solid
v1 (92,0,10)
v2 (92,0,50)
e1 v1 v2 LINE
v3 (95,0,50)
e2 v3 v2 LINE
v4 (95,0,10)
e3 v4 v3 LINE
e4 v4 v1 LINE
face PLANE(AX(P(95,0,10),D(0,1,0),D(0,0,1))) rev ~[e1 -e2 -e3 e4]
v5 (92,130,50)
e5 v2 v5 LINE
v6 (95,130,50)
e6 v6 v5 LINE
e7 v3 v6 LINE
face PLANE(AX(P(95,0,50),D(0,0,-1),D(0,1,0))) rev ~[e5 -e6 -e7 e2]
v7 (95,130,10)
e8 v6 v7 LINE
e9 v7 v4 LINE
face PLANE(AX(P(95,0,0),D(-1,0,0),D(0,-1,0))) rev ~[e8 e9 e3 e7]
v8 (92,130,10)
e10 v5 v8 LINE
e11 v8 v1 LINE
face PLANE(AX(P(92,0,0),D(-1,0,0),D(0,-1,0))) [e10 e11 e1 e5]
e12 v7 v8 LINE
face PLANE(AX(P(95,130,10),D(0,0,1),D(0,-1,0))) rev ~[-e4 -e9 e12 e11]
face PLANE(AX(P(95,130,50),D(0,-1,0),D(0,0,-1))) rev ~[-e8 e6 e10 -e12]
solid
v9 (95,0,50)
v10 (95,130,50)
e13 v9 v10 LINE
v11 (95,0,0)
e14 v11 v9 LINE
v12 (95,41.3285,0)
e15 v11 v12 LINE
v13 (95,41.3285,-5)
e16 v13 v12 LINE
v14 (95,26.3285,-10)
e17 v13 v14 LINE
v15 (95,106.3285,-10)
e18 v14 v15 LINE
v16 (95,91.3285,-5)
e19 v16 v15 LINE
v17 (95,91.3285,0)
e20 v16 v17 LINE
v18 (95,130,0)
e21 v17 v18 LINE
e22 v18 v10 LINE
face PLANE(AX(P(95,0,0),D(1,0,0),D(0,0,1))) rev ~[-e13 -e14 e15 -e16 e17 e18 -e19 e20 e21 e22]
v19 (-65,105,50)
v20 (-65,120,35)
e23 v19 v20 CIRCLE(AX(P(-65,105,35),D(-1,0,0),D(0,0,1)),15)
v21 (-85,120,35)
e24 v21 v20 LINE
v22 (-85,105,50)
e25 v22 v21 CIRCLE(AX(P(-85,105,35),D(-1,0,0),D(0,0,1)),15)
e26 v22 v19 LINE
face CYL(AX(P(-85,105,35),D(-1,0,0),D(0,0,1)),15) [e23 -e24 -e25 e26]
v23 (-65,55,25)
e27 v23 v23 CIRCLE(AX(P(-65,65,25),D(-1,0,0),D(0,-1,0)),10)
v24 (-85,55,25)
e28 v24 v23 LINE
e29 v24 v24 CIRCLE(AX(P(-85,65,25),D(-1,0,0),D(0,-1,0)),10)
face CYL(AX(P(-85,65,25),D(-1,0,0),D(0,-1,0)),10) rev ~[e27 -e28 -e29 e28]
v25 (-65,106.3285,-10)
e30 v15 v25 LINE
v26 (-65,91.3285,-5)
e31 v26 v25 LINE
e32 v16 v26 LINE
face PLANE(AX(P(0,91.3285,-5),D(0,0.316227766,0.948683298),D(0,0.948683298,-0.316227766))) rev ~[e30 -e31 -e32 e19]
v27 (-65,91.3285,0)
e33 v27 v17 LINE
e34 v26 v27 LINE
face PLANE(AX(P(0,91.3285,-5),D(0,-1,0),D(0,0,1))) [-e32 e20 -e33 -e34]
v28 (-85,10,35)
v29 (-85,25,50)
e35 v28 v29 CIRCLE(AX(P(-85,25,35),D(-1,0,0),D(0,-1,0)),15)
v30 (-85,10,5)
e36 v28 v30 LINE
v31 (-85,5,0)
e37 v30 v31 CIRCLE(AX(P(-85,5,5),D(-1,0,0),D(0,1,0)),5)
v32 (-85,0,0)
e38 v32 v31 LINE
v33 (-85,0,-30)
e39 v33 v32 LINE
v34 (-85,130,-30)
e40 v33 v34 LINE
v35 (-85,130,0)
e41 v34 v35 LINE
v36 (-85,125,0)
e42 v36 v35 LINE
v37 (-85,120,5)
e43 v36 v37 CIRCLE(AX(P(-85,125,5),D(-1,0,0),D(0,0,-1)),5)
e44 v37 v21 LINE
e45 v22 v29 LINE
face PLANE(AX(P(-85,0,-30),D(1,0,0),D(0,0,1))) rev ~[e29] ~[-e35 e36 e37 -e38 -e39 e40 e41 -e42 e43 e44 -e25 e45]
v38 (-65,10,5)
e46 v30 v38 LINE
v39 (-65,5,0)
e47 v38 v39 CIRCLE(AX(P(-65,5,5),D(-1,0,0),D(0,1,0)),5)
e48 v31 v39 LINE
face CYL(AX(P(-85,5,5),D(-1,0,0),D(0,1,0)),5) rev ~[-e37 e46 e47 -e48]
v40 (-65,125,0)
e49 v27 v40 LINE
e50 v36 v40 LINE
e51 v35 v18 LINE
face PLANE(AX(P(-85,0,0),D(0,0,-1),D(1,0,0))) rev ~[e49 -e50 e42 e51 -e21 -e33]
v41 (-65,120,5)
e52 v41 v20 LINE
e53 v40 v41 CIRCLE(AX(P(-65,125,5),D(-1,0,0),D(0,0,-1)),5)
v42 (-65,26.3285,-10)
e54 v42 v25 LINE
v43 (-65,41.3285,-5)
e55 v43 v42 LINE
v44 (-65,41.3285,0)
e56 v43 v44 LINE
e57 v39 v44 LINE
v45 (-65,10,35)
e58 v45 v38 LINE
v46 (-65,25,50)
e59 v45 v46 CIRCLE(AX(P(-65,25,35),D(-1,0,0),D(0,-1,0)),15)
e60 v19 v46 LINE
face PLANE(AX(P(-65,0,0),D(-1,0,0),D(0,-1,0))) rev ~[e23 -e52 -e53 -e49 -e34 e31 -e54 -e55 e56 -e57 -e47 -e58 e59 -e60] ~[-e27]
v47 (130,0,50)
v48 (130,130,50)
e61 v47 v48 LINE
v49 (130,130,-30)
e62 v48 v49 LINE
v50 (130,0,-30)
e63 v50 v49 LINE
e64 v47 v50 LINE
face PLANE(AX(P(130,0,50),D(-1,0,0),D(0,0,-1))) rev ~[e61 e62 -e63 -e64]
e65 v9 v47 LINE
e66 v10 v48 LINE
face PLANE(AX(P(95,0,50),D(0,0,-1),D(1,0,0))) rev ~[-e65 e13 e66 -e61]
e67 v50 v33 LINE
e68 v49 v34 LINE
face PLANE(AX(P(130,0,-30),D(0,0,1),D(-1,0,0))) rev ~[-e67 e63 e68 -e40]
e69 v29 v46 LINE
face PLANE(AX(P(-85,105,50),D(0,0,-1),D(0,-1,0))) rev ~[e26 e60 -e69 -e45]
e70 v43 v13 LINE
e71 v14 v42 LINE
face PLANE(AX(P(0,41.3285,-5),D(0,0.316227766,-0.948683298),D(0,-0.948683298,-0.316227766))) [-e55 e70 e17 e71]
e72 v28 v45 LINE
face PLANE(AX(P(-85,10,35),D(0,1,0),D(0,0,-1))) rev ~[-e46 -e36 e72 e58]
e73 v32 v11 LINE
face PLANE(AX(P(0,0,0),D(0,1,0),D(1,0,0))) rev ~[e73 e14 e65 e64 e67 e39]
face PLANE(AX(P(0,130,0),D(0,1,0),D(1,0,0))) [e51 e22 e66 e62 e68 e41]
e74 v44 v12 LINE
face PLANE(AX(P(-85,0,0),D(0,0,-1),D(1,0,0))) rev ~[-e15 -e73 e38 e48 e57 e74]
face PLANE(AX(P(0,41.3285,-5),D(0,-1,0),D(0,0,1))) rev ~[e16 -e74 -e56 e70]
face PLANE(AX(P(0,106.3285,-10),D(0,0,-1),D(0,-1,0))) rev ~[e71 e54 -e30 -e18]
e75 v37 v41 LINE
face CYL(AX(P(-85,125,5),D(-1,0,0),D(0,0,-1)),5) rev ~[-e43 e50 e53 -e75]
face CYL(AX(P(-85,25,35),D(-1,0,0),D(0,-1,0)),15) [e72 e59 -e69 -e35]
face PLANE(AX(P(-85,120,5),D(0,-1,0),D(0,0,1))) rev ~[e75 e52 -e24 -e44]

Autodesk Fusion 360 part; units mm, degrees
sketch "Sketch1" plane through (0, 0, 0) normal (0, 1, 0) x (1, 0, 0)
  line L0 (-85, 0) -> (95, 0)
  line L1 (95, 0) -> (95, -50)
  line L2 (95, -50) -> (130, -50)
  line L3 (130, -50) -> (130, 30)
  line L4 (130, 30) -> (-85, 30)
  line L5 (-85, 30) -> (-85, 0)
  dimension "d1" = 80
  dimension "d2" = 215
  dimension "d3" = 30
  dimension "d4" = 50
  dimension "d5" = 35
extrude "Extrude1" add sketch "Sketch1" along normal blind 130 makes body 1
sketch "Sketch2" plane through (-85, 0, 0) normal (-1, 0, 0) x (0, -1, 0)
  line L0 (0, -30) -> (0, 0)
  line L1 (0, 0) -> (-130, 0)
  line L2 (-130, 0) -> (-130, -30)
  line L3 (-130, -30) -> (0, -30)
  line L4 (-120, 5) -> (-120, 35)
  line L5 (-105, 50) -> (-25, 50)
  line L6 (-10, 35) -> (-10, 5)
  line L7 (-130, 0) -> (-130, 50)
  line L8 (0, 0) -> (0, 50)
  arc A0 (-105, 50) -> (-120, 35) centre (-105, 35) ccw
  line L9 (-130, 0) -> (-125, 0)
  arc A1 (-125, 0) -> (-120, 5) centre (-125, 5) ccw
  arc A2 (-10, 35) -> (-25, 50) centre (-25, 35) ccw
  line L10 (0, 0) -> (-5, 0)
  arc A3 (-10, 5) -> (-5, 0) centre (-5, 5) ccw
  circle A4 centre (-65, 25) radius 10
  dimension "d8" = 10
  dimension "d9" = 10
  dimension "d10" = 15
  dimension "d11" = 5
  dimension "d12" = 15
  dimension "d13" = 5
  dimension "d14" = 20
  dimension "d15" = 25
  dimension "d16" = 65
extrude "Extrude2" add sketch "Sketch2" against normal blind 20 contours L1 L4 L5 L6 A0 A1 A2 A3 bodies 1
sketch "Sketch3" plane through (0, 0, 0) normal (1, 0, 0) x (0, 1, 0)
  line L0 (130, 0) -> (0, 0)
  line L1 (66.3285, 25) -> (66.3285, -32.6161) construction
  line L2 (41.3285, -5) -> (26.3285, -10)
  line L3 (26.3285, -10) -> (66.3285, -10)
  line L4 (41.3285, -5) -> (41.3285, 0)
  line L5 (91.3285, -5) -> (91.3285, 0)
  line L6 (91.3285, -5) -> (106.3285, -10)
  line L7 (106.3285, -10) -> (66.3285, -10)
  line L8 (41.3285, 0) -> (91.3285, 0)
  dimension "d19" = 5
  dimension "d20" = 40
  dimension "d21" = 25
  dimension "d26" = 130
  dimension "d27" = 10
extrude "Extrude3" cut sketch "Sketch3" along normal blind 95 and the other way blind 65 bodies 1
sketch "Sketch4" plane through (95, 0, 0) normal (-1, 0, 0) x (0, -1, 0)
  line L0 (0, 0) -> (0, 50)
  line L1 (0, 50) -> (-130, 50)
  line L2 (-130, 50) -> (-130, 0)
  line L3 (-130, 0) -> (-91.3285, 0)
  line L4 (-91.3285, 0) -> (-91.3285, -5)
  line L5 (-91.3285, -5) -> (-106.3285, -10)
  line L6 (-106.3285, -10) -> (-26.3285, -10)
  line L7 (-26.3285, -10) -> (-41.3285, -5)
  line L8 (-41.3285, -5) -> (-41.3285, 0)
  line L9 (-41.3285, 0) -> (0, 0)
  line L10 (-130, 50) -> (0, 50)
  line L11 (0, 10) -> (0, 50)
  line L12 (-130, 50) -> (-130, 10)
  line L13 (-130, 10) -> (0, 10)
  dimension "d28" = 40
extrude "Extrude4" add sketch "Sketch4" along normal blind 3 separate body contours L0 L1 L2 L10 L11 L12 L13 makes body 2
